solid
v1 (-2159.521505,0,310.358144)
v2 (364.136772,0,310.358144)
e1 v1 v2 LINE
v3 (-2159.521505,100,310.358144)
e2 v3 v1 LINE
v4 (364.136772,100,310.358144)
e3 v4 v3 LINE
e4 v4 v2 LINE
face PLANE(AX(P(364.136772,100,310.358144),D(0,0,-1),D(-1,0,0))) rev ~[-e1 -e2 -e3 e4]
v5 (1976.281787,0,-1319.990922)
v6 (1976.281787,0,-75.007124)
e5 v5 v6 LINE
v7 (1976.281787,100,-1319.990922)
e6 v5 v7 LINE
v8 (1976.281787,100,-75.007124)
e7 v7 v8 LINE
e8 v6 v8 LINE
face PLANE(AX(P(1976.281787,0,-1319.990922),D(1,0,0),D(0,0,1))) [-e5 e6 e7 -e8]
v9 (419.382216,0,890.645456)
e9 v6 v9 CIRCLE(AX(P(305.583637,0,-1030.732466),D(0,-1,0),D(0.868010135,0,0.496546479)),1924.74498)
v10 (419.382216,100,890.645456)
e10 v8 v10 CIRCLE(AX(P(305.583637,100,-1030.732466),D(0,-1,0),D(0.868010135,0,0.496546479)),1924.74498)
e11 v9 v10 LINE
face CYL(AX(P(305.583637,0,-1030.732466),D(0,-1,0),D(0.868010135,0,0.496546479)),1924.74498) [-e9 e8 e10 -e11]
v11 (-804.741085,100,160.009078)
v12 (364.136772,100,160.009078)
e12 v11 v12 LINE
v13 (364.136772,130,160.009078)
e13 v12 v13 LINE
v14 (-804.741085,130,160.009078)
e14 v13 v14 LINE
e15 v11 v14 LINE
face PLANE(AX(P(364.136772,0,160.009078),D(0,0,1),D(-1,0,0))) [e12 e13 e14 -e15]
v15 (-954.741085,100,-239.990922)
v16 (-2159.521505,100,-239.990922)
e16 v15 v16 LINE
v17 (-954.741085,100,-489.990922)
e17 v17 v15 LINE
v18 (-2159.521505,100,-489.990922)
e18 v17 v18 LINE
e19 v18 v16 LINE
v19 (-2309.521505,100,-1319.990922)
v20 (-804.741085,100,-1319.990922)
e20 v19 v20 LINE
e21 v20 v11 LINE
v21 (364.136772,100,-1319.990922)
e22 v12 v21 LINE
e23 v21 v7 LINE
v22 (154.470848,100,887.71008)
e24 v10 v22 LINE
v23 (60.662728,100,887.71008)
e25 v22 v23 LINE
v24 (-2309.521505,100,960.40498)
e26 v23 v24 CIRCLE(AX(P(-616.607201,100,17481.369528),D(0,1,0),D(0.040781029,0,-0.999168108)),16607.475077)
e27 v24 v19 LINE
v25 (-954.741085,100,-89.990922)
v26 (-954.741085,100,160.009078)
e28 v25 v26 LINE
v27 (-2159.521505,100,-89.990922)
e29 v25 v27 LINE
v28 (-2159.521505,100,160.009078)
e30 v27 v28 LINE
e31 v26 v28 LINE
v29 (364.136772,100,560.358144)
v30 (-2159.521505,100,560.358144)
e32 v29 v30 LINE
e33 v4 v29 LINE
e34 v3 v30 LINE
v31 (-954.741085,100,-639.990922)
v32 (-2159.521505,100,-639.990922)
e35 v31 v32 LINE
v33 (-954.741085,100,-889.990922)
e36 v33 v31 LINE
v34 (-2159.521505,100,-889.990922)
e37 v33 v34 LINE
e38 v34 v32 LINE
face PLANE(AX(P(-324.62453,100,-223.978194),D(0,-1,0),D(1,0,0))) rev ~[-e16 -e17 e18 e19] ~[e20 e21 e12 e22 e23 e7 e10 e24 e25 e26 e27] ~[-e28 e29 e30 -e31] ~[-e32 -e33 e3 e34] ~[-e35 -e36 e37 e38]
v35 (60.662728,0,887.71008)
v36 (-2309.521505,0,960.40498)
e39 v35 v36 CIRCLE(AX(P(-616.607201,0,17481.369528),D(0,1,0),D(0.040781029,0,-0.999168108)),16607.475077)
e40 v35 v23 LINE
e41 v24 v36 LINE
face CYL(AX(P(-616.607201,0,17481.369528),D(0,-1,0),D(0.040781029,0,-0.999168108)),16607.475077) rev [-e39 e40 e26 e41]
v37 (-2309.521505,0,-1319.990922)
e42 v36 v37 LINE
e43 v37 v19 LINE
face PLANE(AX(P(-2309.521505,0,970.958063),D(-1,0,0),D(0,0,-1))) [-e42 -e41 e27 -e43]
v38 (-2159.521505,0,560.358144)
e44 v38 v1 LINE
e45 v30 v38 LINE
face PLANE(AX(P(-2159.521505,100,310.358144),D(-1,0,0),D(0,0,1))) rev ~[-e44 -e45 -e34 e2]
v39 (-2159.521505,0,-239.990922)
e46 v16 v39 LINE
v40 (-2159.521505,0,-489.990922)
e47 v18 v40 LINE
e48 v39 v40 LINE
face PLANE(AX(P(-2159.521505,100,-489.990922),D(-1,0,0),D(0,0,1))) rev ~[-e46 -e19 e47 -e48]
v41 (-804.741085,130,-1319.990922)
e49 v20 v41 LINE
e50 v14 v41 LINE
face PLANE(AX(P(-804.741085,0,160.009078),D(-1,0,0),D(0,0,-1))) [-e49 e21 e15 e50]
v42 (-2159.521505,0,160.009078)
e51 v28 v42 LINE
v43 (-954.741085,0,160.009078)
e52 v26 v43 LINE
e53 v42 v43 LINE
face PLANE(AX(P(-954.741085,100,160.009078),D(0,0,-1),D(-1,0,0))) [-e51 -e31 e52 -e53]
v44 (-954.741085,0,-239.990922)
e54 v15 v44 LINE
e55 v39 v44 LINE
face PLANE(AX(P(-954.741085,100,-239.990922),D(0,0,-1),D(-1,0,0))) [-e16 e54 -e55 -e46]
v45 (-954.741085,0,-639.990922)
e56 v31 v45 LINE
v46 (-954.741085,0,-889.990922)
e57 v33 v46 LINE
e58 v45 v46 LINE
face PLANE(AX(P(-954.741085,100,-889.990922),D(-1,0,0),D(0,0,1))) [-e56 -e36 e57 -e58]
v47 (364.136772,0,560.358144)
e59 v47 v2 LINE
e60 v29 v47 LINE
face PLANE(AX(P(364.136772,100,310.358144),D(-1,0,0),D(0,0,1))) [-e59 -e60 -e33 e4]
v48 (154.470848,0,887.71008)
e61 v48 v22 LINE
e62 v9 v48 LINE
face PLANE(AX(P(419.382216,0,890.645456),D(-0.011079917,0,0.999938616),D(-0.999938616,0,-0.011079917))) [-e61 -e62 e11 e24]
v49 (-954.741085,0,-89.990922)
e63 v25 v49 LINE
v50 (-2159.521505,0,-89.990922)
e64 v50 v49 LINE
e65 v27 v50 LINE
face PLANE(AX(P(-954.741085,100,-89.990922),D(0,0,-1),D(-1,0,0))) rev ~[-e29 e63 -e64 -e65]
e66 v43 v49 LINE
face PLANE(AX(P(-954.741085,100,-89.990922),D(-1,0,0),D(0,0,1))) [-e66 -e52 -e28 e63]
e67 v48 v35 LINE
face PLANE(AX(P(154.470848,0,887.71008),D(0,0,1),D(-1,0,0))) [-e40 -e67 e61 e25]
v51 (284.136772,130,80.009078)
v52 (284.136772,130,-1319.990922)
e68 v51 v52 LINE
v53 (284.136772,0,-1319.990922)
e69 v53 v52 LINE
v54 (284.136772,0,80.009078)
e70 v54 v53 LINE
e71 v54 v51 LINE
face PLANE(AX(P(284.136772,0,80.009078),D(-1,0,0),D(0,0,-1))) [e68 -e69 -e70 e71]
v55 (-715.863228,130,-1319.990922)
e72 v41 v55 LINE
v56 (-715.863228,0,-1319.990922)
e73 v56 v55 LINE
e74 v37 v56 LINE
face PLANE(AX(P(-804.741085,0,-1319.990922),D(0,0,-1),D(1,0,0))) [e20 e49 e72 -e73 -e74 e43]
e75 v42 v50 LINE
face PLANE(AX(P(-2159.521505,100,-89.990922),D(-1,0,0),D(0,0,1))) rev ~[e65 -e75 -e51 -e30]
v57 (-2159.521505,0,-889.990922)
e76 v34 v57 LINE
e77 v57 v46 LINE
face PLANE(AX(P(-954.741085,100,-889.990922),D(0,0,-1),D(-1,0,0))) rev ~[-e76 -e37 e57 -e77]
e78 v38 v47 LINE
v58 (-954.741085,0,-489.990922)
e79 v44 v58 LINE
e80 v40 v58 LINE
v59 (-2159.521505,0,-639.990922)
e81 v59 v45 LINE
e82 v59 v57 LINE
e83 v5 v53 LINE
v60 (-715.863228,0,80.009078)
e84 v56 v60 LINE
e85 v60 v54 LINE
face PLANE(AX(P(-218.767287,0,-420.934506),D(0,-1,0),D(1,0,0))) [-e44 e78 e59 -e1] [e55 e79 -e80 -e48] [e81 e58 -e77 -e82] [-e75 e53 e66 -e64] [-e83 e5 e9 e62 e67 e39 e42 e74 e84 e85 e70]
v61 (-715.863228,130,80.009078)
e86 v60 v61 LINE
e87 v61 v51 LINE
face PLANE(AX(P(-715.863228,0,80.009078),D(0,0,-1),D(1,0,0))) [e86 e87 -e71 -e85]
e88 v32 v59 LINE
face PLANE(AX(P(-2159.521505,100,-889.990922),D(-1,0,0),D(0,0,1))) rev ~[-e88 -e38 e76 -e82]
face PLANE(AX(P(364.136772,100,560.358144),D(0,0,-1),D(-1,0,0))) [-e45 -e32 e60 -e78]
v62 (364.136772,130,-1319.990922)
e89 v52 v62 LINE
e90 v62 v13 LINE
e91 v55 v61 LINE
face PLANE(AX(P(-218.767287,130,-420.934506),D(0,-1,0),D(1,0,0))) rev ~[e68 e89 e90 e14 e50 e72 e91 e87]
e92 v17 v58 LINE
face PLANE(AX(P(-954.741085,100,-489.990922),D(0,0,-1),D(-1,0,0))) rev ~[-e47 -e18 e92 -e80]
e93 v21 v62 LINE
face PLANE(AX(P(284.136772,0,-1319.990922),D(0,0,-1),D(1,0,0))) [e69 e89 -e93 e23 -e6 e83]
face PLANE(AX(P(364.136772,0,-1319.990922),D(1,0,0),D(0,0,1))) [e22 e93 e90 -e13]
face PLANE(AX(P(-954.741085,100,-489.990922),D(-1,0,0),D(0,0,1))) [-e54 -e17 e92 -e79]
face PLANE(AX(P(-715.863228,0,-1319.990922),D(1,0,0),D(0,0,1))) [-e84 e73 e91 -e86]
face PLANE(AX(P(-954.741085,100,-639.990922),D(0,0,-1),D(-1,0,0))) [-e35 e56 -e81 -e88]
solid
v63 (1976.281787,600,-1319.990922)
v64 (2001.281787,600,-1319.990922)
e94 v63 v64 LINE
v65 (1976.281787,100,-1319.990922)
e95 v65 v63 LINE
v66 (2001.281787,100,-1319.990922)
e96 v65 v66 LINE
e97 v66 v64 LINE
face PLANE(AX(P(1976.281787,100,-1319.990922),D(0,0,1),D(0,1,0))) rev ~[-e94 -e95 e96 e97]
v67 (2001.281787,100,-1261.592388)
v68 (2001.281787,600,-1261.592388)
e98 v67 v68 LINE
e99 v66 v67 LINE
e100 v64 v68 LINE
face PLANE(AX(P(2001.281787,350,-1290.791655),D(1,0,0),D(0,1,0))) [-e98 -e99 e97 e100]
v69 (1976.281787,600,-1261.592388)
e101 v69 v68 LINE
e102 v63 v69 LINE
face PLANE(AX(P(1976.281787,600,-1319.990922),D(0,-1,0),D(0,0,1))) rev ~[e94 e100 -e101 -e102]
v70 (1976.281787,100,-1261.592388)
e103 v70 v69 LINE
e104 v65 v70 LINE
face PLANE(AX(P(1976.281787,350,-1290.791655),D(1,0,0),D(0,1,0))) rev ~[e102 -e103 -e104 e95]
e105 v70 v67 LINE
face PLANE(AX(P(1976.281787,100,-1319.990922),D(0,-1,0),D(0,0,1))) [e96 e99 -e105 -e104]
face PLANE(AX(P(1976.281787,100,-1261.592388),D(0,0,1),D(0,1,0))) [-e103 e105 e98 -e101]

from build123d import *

# Parameters (mm, degrees)
F1_DEPTH = 100
F2_DEPTH = 130
F3_W     = 500
F3_H     = 58.3985337053
F4_DEPTH = 25
F5_DEPTH = 100
F6_W     = 2523.6582771599
F6_H     = 250
F6_W_2   = 1204.7804204285
F7_DEPTH = 2010


with BuildPart() as f1:
    # F0 (on Front) → F1 (new body)
    with BuildSketch(Plane.XZ):
        with BuildLine():
            Line((1976.281786722, -1319.9909218584), (1976.281786722, -75.0071237824))
            ThreePointArc((1976.281786722, -75.0071237824), (1320.0925674661, 604.9370809418), (419.3822159536, 890.645456185))
            Line((419.3822159536, 890.645456185), (154.4708479568, 887.7100799802))
            Line((154.4708479568, 887.7100799802), (60.6627279326, 887.7100799802))
            ThreePointArc((60.6627279326, 887.7100799802), (-1175.980197838, 883.3175253267), (-2409.5215050042, 970.9580633765))
            Line((-2409.5215050042, 970.9580633765), (-2409.5215050042, -1319.9909218584))
            Line((-2409.5215050042, -1319.9909218584), (-804.7410845757, -1319.9909218584))
            Line((-804.7410845757, -1319.9909218584), (-804.7410845757, 160.0090781416))
            Line((-804.7410845757, 160.0090781416), (-715.8632278442, 160.0090781416))
            Line((-715.8632278442, 160.0090781416), (284.1367721558, 160.0090781416))
            Line((284.1367721558, 160.0090781416), (364.1367721558, 160.0090781416))
            Line((364.1367721558, 160.0090781416), (364.1367721558, -1319.9909218584))
            Line((364.1367721558, -1319.9909218584), (1976.281786722, -1319.9909218584))
        make_face()
    extrude(amount=-F1_DEPTH)

    # F0 (on Front) → F2 (join)
    with BuildSketch(Plane.XZ):
        Polygon((284.1367721558, -1319.9909218584), (364.1367721558, -1319.9909218584), (364.1367721558, 160.0090781416), (284.1367721558, 160.0090781416), (-715.8632278442, 160.0090781416), (-804.7410845757, 160.0090781416), (-804.7410845757, -1319.9909218584), (-715.8632278442, -1319.9909218584), (-715.8632278442, 80.0090781416), (-225.8632278442, 80.0090781416), (-215.8632278442, 80.0090781416), (-205.8632278442, 80.0090781416), (284.1367721558, 80.0090781416), align=None)
    extrude(amount=-F2_DEPTH)

    # F5 (cut): a face of the model
    f5_faces = [f1.faces().sort_by_distance(p)[0] for p in [
        (-2409.5215050042, 50, -174.5164292409),
    ]]
    extrude(f5_faces, amount=-F5_DEPTH, mode=Mode.SUBTRACT)

    # F6 (on face) → F7 (cut)
    with BuildSketch(Plane(origin=(0, 100, 0), x_dir=(-1, 0, 0), z_dir=(0, 1, 0))):
        with Locations((897.6923664242, 435.3581443429)):
            Rectangle(F6_W, F6_H)
        with Locations((1557.1312947899, 35.0090781416)):
            Rectangle(F6_W_2, F6_H)
        with Locations((1557.1312947899, -364.9909218584)):
            Rectangle(F6_W_2, F6_H)
        with Locations((1557.1312947899, -764.9909218584)):
            Rectangle(F6_W_2, F6_H)
    extrude(amount=-F7_DEPTH, mode=Mode.SUBTRACT)


with BuildPart() as f4:
    # F3 (on face) → F4 (new body)
    with BuildSketch(Plane.YZ.offset(1976.281786722)):
        with Locations((350, -1290.7916550057)):
            Rectangle(F3_W, F3_H)
    extrude(amount=F4_DEPTH)


solid = Compound([f1.part, f4.part])
